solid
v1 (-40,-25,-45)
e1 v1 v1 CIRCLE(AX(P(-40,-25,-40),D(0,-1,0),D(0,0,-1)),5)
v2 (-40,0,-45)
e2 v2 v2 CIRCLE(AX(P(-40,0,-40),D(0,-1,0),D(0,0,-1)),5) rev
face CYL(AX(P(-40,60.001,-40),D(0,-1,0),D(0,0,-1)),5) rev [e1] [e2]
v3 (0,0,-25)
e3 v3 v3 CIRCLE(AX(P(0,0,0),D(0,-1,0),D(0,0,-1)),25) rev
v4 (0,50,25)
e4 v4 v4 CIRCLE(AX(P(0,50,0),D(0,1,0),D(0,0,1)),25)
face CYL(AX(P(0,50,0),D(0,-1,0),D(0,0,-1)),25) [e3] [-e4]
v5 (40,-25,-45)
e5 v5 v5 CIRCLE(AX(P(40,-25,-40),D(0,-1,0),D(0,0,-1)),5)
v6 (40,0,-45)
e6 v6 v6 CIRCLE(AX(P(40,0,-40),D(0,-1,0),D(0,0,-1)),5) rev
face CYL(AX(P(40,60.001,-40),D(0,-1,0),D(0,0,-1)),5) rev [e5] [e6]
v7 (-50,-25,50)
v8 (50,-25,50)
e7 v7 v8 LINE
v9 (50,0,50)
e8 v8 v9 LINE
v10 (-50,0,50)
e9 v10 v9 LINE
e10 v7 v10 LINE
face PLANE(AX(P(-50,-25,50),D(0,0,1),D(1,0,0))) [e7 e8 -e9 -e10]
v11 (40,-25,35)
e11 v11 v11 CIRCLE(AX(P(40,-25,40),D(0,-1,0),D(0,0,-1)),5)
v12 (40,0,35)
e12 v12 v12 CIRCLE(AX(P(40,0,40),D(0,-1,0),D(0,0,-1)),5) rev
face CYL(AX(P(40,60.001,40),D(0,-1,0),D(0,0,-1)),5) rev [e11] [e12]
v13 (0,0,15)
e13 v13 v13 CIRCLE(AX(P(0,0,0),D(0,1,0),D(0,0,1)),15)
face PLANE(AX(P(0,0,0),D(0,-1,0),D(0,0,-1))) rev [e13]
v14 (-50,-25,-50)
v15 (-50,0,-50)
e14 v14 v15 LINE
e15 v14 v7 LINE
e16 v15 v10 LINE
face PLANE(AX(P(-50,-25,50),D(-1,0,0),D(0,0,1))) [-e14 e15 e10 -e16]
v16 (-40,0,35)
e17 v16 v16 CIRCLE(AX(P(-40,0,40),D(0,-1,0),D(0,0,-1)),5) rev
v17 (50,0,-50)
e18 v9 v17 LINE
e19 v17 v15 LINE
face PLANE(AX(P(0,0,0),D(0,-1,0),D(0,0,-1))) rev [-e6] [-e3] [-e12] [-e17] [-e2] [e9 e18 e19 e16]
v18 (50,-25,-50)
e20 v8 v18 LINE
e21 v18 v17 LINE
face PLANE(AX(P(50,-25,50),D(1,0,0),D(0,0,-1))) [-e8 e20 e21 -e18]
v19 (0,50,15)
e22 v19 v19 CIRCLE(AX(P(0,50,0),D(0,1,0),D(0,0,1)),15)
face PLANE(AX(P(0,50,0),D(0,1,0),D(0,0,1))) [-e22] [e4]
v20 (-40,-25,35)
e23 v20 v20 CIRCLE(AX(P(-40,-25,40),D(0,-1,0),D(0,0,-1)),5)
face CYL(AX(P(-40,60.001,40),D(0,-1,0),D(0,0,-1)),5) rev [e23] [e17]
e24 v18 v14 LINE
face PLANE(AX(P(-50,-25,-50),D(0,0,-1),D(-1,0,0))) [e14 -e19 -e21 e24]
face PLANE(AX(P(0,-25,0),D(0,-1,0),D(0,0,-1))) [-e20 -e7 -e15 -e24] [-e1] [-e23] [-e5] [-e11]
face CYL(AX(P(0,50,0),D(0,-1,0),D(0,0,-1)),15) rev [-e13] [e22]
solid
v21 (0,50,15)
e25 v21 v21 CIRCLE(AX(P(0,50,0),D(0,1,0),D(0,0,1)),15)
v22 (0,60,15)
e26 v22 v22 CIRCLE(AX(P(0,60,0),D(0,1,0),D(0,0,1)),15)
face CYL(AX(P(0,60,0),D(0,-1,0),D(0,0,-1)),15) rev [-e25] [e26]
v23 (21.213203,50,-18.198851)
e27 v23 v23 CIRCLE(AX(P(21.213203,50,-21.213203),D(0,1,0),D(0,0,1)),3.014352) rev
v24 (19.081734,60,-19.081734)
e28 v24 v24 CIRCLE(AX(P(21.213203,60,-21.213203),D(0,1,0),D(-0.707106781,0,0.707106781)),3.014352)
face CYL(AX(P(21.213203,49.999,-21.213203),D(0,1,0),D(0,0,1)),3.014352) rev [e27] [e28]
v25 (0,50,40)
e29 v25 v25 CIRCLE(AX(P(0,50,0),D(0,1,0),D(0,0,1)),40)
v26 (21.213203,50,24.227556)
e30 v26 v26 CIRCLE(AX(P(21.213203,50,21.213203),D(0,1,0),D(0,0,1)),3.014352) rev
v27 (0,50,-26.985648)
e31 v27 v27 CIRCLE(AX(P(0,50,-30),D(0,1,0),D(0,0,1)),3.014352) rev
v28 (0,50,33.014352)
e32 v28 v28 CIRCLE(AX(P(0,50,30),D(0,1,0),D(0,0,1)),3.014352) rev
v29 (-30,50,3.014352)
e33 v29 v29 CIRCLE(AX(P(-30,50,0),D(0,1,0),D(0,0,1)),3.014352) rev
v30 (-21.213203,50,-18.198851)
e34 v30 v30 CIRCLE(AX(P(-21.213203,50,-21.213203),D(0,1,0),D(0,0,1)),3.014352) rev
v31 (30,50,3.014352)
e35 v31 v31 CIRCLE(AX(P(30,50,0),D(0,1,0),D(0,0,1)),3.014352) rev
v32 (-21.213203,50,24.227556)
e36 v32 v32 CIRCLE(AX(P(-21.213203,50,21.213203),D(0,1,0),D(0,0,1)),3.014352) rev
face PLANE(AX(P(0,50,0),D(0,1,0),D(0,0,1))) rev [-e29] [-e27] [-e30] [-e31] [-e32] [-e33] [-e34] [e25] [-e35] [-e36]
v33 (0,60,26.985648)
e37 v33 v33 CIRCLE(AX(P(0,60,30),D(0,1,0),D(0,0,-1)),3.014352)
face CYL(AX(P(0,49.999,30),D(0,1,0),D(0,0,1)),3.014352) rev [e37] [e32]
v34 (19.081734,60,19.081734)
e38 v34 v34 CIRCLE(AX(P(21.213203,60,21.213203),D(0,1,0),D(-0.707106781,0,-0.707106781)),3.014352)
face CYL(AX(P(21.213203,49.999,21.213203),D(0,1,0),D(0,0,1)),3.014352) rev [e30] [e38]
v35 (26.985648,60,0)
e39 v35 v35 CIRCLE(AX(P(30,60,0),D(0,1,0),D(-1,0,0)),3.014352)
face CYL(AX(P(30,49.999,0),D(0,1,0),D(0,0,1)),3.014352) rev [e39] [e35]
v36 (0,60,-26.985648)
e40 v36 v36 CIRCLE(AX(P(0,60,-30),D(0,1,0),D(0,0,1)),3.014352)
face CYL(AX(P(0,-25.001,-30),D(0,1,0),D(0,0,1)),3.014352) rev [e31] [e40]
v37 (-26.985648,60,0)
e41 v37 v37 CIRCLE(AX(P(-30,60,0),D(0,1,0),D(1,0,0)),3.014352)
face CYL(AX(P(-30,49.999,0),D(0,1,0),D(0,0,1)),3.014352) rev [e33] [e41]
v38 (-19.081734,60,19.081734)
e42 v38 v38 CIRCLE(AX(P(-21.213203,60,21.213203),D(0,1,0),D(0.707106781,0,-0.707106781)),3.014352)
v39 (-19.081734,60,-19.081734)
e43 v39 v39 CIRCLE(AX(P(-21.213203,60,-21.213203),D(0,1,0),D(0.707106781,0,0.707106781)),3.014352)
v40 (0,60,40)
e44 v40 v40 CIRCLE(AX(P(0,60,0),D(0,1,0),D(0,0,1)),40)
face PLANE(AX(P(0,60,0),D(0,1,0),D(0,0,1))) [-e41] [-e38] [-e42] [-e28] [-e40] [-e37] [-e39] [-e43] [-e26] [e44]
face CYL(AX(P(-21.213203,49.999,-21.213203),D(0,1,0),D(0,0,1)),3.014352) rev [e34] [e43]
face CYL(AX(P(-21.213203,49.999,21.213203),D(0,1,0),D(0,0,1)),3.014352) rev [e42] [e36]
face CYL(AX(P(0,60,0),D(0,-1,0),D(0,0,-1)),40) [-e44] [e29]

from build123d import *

# Parameters (mm, degrees)
SKETCH1_W            = 100
SKETCH1_H            = 100
BOSS_EXTRUDE1_DEPTH  = 25
SKETCH2_R            = 25
SKETCH2_R_2          = 15
BOSS_EXTRUDE2_DEPTH  = 50
SKETCH3_R            = 40
SKETCH3_R_2          = 15
BOSS_EXTRUDE3_DEPTH  = 10
SKETCH4_R            = 3.014352333
CUT_EXTRUDE1_DEPTH   = 10
CIRPATTERN1_COUNT    = 8
SKETCH5_R            = 5
CUT_EXTRUDE2_DEPTH   = 25
LPATTERN1_COUNT      = 2
LPATTERN1_PITCH      = 80
LPATTERN1_COUNT_DIR2 = 2
LPATTERN1_PITCH_DIR2 = 80


with BuildPart() as part:
    # Sketch1 → Boss-Extrude1 (new body)
    with BuildSketch(Plane(origin=(0, 0, 0), x_dir=(1, 0, 0), z_dir=(0, 1, 0))):
        Rectangle(SKETCH1_W, SKETCH1_H)
    extrude(amount=-BOSS_EXTRUDE1_DEPTH)

    # Sketch2 → Boss-Extrude2 (add)
    with BuildSketch(Plane(origin=(0, 0, 0), x_dir=(1, 0, 0), z_dir=(0, 1, 0))):
        with Locations(Location((0, 0, 0), (0, 0, 90))):
            Circle(SKETCH2_R)
        with Locations(Location((0, 0, 0), (0, 0, 270))):
            Circle(SKETCH2_R_2, mode=Mode.SUBTRACT)
    extrude(amount=BOSS_EXTRUDE2_DEPTH)

    # Sketch5 → Cut-Extrude2 (cut)
    with BuildSketch(Plane.XZ.offset(25)):
        with Locations(Location((-40, 40, 0), (0, 0, 270))):
            Circle(SKETCH5_R)
    cut_extrude2 = extrude(amount=-CUT_EXTRUDE2_DEPTH, mode=Mode.SUBTRACT)

    # LPattern1: Cut-Extrude2 2 × 2
    with Locations(*[(j * LPATTERN1_PITCH_DIR2, 0, -i * LPATTERN1_PITCH) for i in range(LPATTERN1_COUNT) for j in range(LPATTERN1_COUNT_DIR2) if (i, j) != (0, 0)]):
        add(cut_extrude2, mode=Mode.SUBTRACT)


with BuildPart() as body_2:
    # Sketch3 → Boss-Extrude3 (new body)
    with BuildSketch(Plane(origin=(0, 50, 0), x_dir=(1, 0, 0), z_dir=(0, 1, 0))):
        with Locations(Location((0, 0, 0), (0, 0, 270))):
            Circle(SKETCH3_R)
        with Locations(Location((0, 0, 0), (0, 0, 270))):
            Circle(SKETCH3_R_2, mode=Mode.SUBTRACT)
    extrude(amount=BOSS_EXTRUDE3_DEPTH)

    # Sketch4 → Cut-Extrude1 (cut)
    with BuildSketch(Plane(origin=(0, 60, 0), x_dir=(1, 0, 0), z_dir=(0, 1, 0))):
        with Locations(Location((0, 30, 0), (0, 0, 270))):
            Circle(SKETCH4_R)
    cut_extrude1 = extrude(amount=-CUT_EXTRUDE1_DEPTH, mode=Mode.SUBTRACT)

    # CirPattern1: Cut-Extrude1 ×8 about axis
    cirpattern1_axis = Axis((0, 0, 0), (0, 1, 0))
    for i in range(1, CIRPATTERN1_COUNT):
        add(cut_extrude1.rotate(cirpattern1_axis, i * 360 / CIRPATTERN1_COUNT), mode=Mode.SUBTRACT)


solid = Compound([part.part, body_2.part])
